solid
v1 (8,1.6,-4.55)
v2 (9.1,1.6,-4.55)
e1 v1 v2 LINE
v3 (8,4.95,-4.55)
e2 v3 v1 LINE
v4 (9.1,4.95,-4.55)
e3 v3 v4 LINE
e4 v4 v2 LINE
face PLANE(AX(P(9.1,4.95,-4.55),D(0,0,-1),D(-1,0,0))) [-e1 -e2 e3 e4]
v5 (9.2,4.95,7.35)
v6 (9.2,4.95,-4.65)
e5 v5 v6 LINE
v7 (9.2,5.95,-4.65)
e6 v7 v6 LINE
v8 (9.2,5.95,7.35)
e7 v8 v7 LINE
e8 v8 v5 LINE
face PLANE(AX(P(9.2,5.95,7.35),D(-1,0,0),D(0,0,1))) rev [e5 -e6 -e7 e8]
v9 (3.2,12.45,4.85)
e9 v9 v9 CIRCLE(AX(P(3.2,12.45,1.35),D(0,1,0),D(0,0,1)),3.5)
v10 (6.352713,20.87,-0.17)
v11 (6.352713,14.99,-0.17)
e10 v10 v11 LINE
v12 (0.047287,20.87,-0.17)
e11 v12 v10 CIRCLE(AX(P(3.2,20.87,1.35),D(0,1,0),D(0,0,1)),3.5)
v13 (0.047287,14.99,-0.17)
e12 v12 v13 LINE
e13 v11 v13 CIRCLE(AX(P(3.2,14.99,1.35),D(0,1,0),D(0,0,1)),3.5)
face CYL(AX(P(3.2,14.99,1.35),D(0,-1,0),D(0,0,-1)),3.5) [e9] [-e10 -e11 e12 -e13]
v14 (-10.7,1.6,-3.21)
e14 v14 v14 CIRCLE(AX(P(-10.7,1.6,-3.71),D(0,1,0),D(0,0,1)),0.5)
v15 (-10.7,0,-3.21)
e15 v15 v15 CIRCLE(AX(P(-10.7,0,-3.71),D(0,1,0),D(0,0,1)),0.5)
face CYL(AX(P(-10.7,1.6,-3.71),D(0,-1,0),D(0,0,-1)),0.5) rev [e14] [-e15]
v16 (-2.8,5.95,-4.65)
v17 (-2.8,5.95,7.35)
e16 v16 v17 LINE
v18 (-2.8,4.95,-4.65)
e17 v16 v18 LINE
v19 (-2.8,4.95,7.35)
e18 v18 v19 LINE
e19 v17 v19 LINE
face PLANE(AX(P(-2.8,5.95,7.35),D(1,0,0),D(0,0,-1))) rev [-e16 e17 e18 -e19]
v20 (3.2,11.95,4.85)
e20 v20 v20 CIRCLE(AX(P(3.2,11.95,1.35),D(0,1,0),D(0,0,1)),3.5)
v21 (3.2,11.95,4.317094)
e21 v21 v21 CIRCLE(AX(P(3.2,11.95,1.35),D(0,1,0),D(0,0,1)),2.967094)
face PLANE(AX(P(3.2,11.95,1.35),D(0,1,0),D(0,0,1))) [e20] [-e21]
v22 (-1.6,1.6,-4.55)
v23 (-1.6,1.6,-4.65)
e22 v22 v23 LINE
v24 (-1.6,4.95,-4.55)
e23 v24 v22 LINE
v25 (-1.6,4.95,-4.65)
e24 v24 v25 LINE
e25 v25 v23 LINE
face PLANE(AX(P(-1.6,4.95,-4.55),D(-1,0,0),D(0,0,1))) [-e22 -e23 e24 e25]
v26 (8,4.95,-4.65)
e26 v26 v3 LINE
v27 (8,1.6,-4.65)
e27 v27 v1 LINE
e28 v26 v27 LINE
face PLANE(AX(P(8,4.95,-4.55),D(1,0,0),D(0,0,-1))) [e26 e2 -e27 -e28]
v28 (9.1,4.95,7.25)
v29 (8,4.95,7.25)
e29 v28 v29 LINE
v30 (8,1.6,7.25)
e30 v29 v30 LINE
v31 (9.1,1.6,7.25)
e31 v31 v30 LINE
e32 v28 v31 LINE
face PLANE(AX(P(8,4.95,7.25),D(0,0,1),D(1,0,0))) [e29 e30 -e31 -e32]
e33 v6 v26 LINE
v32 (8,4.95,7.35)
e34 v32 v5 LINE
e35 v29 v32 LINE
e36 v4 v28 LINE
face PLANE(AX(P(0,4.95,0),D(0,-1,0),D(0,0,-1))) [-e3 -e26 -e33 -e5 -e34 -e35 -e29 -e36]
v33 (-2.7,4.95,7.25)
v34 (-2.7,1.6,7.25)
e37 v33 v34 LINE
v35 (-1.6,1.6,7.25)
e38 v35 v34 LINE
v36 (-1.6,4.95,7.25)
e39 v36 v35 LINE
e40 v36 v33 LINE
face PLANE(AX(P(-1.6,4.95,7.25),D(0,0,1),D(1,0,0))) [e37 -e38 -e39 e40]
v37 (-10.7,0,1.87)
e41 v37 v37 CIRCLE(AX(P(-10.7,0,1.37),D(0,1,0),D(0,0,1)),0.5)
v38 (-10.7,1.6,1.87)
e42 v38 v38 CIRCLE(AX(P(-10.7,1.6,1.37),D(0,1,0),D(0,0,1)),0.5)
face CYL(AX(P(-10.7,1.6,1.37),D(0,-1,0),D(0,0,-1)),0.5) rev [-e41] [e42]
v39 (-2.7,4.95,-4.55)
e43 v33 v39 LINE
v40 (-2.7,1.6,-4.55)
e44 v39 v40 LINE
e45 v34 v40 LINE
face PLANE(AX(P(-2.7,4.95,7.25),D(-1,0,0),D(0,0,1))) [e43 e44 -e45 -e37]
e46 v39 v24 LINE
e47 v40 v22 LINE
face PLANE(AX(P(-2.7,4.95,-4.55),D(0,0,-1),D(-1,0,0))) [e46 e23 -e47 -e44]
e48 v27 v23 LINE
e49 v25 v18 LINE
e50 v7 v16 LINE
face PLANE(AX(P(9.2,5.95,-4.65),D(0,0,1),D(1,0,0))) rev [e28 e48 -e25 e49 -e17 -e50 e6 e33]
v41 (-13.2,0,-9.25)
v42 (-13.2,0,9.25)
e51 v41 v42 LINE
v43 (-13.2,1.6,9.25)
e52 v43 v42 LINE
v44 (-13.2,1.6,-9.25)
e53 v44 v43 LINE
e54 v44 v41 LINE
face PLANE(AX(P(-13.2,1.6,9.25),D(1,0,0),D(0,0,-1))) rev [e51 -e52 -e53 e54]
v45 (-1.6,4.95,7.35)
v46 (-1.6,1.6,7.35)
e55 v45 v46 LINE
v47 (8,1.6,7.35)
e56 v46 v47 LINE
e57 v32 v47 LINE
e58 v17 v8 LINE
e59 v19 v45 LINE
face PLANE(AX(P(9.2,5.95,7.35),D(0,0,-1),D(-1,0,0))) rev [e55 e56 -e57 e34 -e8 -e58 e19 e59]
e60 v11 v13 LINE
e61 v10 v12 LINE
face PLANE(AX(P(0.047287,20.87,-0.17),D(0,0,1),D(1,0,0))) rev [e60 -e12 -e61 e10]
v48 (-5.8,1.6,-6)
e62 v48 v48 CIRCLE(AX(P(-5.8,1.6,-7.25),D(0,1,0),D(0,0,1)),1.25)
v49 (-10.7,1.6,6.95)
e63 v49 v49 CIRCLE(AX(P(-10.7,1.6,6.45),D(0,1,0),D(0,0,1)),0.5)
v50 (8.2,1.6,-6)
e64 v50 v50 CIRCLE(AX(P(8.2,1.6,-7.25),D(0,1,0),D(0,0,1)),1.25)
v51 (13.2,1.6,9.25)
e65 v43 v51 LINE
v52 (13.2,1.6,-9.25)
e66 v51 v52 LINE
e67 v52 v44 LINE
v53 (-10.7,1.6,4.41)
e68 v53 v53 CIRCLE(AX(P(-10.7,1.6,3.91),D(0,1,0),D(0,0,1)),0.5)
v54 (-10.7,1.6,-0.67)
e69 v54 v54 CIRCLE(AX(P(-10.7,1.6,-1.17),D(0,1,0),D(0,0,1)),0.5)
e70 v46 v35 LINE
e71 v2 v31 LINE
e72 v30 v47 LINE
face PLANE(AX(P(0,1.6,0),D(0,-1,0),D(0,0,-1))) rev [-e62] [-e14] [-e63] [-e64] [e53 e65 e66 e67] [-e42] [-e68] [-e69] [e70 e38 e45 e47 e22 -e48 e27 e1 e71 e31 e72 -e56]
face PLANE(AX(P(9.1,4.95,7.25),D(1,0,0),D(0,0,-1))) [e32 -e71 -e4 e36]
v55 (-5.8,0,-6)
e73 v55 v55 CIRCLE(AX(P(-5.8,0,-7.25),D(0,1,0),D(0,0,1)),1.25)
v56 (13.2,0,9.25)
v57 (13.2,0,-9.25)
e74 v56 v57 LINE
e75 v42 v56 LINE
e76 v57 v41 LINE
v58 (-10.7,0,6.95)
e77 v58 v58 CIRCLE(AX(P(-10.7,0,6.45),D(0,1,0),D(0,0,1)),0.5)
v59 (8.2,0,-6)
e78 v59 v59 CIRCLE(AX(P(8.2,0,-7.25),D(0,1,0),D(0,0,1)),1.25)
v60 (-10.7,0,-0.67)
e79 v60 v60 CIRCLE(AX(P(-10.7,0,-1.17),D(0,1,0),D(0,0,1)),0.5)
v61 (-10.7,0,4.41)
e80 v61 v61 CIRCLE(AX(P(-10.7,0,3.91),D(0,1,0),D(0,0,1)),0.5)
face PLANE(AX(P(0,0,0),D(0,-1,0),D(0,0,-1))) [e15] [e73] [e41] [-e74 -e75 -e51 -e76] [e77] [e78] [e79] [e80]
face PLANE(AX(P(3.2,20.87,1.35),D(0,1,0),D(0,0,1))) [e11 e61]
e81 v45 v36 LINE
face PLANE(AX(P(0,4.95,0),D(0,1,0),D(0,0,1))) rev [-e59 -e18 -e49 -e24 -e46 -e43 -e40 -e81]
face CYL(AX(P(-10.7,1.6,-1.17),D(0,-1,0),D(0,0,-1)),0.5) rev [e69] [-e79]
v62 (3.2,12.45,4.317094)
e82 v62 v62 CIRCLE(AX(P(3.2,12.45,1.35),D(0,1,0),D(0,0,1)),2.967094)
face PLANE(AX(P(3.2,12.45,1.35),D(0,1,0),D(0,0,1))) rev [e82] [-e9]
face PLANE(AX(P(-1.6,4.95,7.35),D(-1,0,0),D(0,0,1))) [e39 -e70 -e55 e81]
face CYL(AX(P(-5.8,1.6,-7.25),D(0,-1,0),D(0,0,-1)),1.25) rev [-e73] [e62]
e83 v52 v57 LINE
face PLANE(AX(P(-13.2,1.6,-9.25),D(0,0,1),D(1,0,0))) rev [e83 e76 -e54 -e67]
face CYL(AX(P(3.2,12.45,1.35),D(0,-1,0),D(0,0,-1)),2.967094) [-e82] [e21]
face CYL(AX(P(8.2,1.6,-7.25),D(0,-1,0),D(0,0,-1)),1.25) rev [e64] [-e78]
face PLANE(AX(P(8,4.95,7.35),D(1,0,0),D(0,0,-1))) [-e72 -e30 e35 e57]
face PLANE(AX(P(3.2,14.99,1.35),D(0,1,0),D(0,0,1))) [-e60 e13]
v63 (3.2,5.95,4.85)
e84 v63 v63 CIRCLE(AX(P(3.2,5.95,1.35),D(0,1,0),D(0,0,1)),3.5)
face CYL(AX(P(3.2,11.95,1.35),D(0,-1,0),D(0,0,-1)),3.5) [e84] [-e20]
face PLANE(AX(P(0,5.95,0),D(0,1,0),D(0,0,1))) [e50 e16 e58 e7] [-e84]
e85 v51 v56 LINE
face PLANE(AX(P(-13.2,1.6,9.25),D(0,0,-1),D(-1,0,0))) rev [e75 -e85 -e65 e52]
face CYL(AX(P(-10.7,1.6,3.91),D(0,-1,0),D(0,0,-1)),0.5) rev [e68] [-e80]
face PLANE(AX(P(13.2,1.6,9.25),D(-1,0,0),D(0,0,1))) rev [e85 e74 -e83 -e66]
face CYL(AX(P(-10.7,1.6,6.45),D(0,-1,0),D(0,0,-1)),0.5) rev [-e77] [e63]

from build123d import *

# Parameters (mm, degrees)
SKETCH1_W           = 26.4
SKETCH1_H           = 18.5
SKETCH1_R           = 1.25
SKETCH1_R_2         = 0.5
BOSS_EXTRUDE1_DEPTH = 1.6
SKETCH2_W           = 12
SKETCH2_H           = 12
BOSS_EXTRUDE2_DEPTH = 4.35
CUT_EXTRUDE1_DEPTH  = 3.35
SKETCH4_R           = 3.5
BOSS_EXTRUDE3_DEPTH = 6
SKETCH5_R           = 2.967094381
BOSS_EXTRUDE4_DEPTH = 0.5
SKETCH6_R           = 3.5
BOSS_EXTRUDE5_DEPTH = 2.54
BOSS_EXTRUDE6_DEPTH = 5.88


with BuildPart() as part:
    # Sketch1 → Boss-Extrude1 (new body)
    with BuildSketch(Plane(origin=(0, 0, 0), x_dir=(1, 0, 0), z_dir=(0, 1, 0))):
        Rectangle(SKETCH1_W, SKETCH1_H)
        with Locations((-5.8, 7.25)):
            Circle(SKETCH1_R, mode=Mode.SUBTRACT)
        with Locations((8.2, 7.25)):
            Circle(SKETCH1_R, mode=Mode.SUBTRACT)
        with Locations((-10.7, -6.45)):
            Circle(SKETCH1_R_2, mode=Mode.SUBTRACT)
        with Locations((-10.7, -3.91)):
            Circle(SKETCH1_R_2, mode=Mode.SUBTRACT)
        with Locations((-10.7, -1.37)):
            Circle(SKETCH1_R_2, mode=Mode.SUBTRACT)
        with Locations((-10.7, 1.17)):
            Circle(SKETCH1_R_2, mode=Mode.SUBTRACT)
        with Locations((-10.7, 3.71)):
            Circle(SKETCH1_R_2, mode=Mode.SUBTRACT)
    extrude(amount=BOSS_EXTRUDE1_DEPTH)

    # Sketch2 → Boss-Extrude2 (add)
    with BuildSketch(Plane(origin=(0, 1.6, 0), x_dir=(1, 0, 0), z_dir=(0, 1, 0))):
        with Locations((3.2, -1.35)):
            Rectangle(SKETCH2_W, SKETCH2_H)
    extrude(amount=BOSS_EXTRUDE2_DEPTH)

    # Sketch3 → Cut-Extrude1 (cut)
    with BuildSketch(Plane(origin=(0, 1.6, 0), x_dir=(1, 0, 0), z_dir=(0, 1, 0))):
        Polygon((-1.6, 4.65), (-2.8, 4.65), (-2.8, -7.35), (-1.6, -7.35), (-1.6, -7.25), (-2.7, -7.25), (-2.7, 4.55), (-1.6, 4.55), align=None)
        Polygon((8, -7.35), (8, -7.25), (9.1, -7.25), (9.1, 4.55), (8, 4.55), (8, 4.65), (9.2, 4.65), (9.2, -7.35), align=None)
    extrude(amount=CUT_EXTRUDE1_DEPTH, mode=Mode.SUBTRACT)

    # Sketch4 → Boss-Extrude3 (add)
    with BuildSketch(Plane(origin=(0, 5.95, 0), x_dir=(1, 0, 0), z_dir=(0, 1, 0))):
        with Locations((3.2, -1.35)):
            Circle(SKETCH4_R)
    extrude(amount=BOSS_EXTRUDE3_DEPTH)

    # Sketch5 → Boss-Extrude4 (add)
    with BuildSketch(Plane(origin=(0, 11.95, 0), x_dir=(1, 0, 0), z_dir=(0, 1, 0))):
        with Locations((3.2, -1.35)):
            Circle(SKETCH5_R)
    extrude(amount=BOSS_EXTRUDE4_DEPTH)

    # Sketch6 → Boss-Extrude5 (add)
    with BuildSketch(Plane(origin=(0, 12.45, 0), x_dir=(1, 0, 0), z_dir=(0, 1, 0))):
        with Locations((3.2, -1.35)):
            Circle(SKETCH6_R)
    extrude(amount=BOSS_EXTRUDE5_DEPTH)

    # Sketch7 → Boss-Extrude6 (add)
    with BuildSketch(Plane(origin=(0, 14.99, 0), x_dir=(1, 0, 0), z_dir=(0, 1, 0))):
        with BuildLine():
            Line((0.047286883, 0.17), (6.352713117, 0.17))
            ThreePointArc((6.352713117, 0.17), (3.2, -4.85), (0.047286883, 0.17))
        make_face()
    extrude(amount=BOSS_EXTRUDE6_DEPTH)


solid = part.part
